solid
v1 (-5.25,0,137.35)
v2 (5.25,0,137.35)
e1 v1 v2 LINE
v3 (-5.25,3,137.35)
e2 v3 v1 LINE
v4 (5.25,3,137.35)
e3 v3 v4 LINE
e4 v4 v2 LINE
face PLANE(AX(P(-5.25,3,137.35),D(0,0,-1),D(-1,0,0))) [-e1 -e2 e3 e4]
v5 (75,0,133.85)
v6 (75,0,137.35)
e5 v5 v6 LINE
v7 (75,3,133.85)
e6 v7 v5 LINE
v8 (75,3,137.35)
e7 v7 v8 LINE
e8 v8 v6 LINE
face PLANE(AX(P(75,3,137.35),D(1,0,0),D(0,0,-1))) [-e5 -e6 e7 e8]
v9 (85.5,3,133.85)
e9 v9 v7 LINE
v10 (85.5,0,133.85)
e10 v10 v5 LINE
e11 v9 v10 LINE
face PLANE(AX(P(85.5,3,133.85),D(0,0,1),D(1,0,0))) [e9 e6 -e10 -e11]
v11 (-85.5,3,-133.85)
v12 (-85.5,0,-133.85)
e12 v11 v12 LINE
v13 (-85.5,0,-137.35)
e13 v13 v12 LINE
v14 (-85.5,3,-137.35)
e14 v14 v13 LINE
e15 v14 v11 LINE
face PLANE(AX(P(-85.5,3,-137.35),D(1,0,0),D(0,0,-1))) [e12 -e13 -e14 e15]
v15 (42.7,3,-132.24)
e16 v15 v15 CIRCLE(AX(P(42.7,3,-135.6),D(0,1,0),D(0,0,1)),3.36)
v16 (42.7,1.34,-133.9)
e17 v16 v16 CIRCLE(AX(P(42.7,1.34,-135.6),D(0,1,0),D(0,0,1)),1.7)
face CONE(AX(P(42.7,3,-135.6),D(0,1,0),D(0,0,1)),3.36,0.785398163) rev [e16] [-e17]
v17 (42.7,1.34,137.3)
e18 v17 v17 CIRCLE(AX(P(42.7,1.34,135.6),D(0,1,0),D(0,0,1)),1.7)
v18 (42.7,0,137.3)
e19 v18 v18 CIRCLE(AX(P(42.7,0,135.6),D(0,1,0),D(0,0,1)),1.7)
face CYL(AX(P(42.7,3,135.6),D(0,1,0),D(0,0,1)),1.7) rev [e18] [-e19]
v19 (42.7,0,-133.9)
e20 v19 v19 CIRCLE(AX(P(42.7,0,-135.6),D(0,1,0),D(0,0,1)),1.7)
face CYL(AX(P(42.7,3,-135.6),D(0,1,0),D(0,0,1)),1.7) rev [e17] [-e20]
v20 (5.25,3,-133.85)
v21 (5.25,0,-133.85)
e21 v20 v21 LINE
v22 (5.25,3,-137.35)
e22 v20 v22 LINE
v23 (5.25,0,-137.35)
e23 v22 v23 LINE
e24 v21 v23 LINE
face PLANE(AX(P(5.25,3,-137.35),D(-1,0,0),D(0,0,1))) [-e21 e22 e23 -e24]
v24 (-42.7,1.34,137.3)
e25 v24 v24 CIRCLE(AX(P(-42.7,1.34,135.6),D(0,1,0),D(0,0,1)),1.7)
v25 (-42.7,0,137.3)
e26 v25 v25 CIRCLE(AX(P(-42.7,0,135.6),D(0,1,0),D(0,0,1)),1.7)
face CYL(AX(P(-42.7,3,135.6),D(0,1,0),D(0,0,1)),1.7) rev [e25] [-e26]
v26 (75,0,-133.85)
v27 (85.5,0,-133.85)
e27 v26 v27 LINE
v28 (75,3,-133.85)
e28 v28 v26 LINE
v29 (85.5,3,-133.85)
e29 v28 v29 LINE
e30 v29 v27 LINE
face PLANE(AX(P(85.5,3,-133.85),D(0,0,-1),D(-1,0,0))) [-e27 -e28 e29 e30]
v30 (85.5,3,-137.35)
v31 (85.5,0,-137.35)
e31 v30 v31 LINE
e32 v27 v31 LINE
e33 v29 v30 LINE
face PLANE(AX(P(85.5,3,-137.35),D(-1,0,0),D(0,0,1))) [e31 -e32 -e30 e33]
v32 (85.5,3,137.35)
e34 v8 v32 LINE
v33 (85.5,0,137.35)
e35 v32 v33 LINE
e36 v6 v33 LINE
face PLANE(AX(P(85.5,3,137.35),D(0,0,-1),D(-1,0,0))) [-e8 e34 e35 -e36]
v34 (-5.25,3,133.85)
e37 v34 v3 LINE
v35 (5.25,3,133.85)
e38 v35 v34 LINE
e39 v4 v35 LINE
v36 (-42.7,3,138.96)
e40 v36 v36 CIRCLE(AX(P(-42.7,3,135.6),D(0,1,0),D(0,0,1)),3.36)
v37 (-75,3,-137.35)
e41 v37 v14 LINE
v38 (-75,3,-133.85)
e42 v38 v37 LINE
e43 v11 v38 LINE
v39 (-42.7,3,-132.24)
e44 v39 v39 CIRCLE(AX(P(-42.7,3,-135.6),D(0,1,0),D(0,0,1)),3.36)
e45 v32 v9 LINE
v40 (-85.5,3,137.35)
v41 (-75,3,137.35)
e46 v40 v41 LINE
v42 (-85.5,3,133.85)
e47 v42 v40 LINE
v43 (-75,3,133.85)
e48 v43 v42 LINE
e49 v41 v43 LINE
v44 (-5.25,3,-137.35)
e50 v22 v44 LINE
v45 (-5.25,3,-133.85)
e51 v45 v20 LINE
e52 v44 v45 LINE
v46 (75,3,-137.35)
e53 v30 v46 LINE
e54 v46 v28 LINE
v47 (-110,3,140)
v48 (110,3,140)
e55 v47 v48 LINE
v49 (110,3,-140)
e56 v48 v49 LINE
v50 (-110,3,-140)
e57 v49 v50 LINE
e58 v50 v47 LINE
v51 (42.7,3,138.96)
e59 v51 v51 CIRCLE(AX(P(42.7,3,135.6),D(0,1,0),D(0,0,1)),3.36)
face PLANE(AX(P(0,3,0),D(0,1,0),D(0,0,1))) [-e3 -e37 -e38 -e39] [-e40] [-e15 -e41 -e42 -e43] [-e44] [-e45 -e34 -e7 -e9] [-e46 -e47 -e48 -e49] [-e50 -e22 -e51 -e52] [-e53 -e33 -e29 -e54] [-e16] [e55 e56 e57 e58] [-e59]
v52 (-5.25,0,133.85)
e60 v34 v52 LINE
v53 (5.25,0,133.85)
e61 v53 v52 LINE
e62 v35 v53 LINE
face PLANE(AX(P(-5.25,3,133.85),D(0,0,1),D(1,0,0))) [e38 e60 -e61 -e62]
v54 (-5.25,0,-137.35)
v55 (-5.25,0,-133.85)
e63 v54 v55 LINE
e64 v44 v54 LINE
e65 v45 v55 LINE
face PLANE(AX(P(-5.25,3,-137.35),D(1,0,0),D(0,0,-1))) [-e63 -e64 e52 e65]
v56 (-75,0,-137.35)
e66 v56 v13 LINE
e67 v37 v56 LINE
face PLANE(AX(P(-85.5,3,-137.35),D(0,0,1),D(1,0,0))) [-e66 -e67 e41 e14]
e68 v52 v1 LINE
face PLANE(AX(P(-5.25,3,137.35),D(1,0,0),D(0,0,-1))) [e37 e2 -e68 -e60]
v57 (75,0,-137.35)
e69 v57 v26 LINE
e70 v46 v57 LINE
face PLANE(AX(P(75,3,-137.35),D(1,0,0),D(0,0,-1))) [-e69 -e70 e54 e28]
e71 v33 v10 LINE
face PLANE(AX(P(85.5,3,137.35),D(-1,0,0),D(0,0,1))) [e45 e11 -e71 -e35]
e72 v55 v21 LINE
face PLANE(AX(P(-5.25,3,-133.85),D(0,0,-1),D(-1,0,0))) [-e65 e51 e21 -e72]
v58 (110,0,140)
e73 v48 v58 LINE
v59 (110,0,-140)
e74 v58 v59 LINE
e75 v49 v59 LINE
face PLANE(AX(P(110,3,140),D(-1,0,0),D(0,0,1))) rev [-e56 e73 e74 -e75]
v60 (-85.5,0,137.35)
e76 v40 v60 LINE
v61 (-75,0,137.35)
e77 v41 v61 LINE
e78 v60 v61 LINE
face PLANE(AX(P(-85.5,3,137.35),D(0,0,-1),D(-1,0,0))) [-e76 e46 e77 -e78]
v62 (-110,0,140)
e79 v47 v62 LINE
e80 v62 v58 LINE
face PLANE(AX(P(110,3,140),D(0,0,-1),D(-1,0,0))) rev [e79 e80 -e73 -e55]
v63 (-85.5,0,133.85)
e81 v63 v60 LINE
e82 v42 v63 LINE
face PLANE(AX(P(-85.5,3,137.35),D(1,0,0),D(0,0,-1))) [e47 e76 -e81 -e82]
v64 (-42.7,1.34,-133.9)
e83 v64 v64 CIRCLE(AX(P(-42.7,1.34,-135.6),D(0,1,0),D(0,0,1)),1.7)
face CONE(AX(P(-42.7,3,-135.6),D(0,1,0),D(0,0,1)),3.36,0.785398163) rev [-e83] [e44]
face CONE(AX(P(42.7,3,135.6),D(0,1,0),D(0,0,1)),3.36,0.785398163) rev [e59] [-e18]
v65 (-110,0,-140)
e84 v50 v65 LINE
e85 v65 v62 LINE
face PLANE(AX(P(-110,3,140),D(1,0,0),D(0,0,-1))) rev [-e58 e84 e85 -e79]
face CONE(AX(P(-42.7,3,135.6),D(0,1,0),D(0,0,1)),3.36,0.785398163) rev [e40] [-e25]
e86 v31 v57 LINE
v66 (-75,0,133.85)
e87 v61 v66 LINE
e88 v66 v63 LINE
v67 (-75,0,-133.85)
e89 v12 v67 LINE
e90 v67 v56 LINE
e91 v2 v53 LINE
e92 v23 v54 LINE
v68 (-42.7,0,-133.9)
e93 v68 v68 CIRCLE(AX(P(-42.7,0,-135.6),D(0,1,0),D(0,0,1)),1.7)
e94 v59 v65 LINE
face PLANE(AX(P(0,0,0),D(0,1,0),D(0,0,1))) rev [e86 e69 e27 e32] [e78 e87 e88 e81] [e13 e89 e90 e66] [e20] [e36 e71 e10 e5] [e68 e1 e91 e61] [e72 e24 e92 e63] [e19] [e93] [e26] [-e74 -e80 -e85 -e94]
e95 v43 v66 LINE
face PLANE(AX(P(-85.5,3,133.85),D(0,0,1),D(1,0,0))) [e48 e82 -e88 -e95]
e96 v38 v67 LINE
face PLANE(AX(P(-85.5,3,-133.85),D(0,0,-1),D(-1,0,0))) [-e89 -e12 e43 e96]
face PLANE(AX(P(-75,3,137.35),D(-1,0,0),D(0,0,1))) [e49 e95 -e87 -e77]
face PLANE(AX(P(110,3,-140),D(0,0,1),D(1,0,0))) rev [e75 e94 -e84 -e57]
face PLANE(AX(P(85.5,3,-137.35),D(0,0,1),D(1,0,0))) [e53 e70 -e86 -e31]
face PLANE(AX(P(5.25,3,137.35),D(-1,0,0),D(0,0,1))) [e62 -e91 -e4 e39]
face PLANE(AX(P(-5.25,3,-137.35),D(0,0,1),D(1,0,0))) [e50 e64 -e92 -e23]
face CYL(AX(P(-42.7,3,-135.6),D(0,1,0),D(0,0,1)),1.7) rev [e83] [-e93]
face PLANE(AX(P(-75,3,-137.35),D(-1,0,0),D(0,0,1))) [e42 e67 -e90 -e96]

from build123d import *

# Parameters (mm, degrees)
CROQUIS1_W                                   = 220
CROQUIS1_H                                   = 280
CROQUIS1_R                                   = 1
CROQUIS1_W_2                                 = 10.5
CROQUIS1_H_2                                 = 3.5
SALIENTE_EXTRUIR1_DEPTH                      = 3
REFRENTADO_PARA_TORNILLO_TAP_N_CON_C_2_COUNT = 2
REFRENTADO_PARA_TORNILLO_TAP_N_CON_C_2_PITCH = 85.4
REFRENTADO_PARA_TORNILLO_TAP_N_CON_C_3_COUNT = 2
REFRENTADO_PARA_TORNILLO_TAP_N_CON_C_3_PITCH = 271.2
REFRENTADO_PARA_TORNILLO_TAP_N_CON_C_4_COUNT = 2
REFRENTADO_PARA_TORNILLO_TAP_N_CON_C_4_PITCH = 284.328331335


with BuildPart() as part:
    # Croquis1 → Saliente-Extruir1 (new body)
    with BuildSketch(Plane(origin=(0, 0, 0), x_dir=(1, 0, 0), z_dir=(0, 1, 0))):
        Rectangle(CROQUIS1_W, CROQUIS1_H)
        with Locations(Location((-42.7, -135.6, 0), (0, 0, 270))):
            Circle(CROQUIS1_R, mode=Mode.SUBTRACT)
        with Locations(Location((42.7, -135.6, 0), (0, 0, 90))):
            Circle(CROQUIS1_R, mode=Mode.SUBTRACT)
        with Locations(Location((42.7, 135.6, 0), (0, 0, 270))):
            Circle(CROQUIS1_R, mode=Mode.SUBTRACT)
        with Locations(Location((-42.7, 135.6, 0), (0, 0, 90))):
            Circle(CROQUIS1_R, mode=Mode.SUBTRACT)
        with Locations((-80.25, -135.6)):
            Rectangle(CROQUIS1_W_2, CROQUIS1_H_2, mode=Mode.SUBTRACT)
        with Locations((0, -135.6)):
            Rectangle(CROQUIS1_W_2, CROQUIS1_H_2, mode=Mode.SUBTRACT)
        with Locations((80.25, -135.6)):
            Rectangle(CROQUIS1_W_2, CROQUIS1_H_2, mode=Mode.SUBTRACT)
        with Locations((0, 135.6)):
            Rectangle(CROQUIS1_W_2, CROQUIS1_H_2, mode=Mode.SUBTRACT)
        with Locations((80.25, 135.6)):
            Rectangle(CROQUIS1_W_2, CROQUIS1_H_2, mode=Mode.SUBTRACT)
        with Locations((-80.25, 135.6)):
            Rectangle(CROQUIS1_W_2, CROQUIS1_H_2, mode=Mode.SUBTRACT)
    extrude(amount=SALIENTE_EXTRUIR1_DEPTH)

    # Croquis2 → Refrentado para tornillo tapón con cabeza plana de clavija de M31 (revolve, cut)
    with BuildSketch(Plane(origin=(-42.7, 3, 135.6), x_dir=(0, 0, 1), z_dir=(1, 0, 0))):
        Polygon((0, 0), (0, 3), (1.7, 3), (1.7, 1.66), (3.36, 0), align=None)
    refrentado_para_tornillo_tap_n_con_cabez = revolve(axis=Axis((-42.7, 9.35, 135.6), (0, -1, 0)), mode=Mode.SUBTRACT)

    # Refrentado para tornillo tap_n con c 2: Refrentado para tornillo tapón con cabeza plana de clavija de M31 ×2
    with Locations(*[(i * REFRENTADO_PARA_TORNILLO_TAP_N_CON_C_2_PITCH, 0, 0) for i in range(1, REFRENTADO_PARA_TORNILLO_TAP_N_CON_C_2_COUNT)]):
        add(refrentado_para_tornillo_tap_n_con_cabez, mode=Mode.SUBTRACT)

    # Refrentado para tornillo tap_n con c 3: Refrentado para tornillo tapón con cabeza plana de clavija de M31 ×2
    with Locations(*[(0, 0, -i * REFRENTADO_PARA_TORNILLO_TAP_N_CON_C_3_PITCH) for i in range(1, REFRENTADO_PARA_TORNILLO_TAP_N_CON_C_3_COUNT)]):
        add(refrentado_para_tornillo_tap_n_con_cabez, mode=Mode.SUBTRACT)

    # Refrentado para tornillo tap_n con c 4: Refrentado para tornillo tapón con cabeza plana de clavija de M31 ×2
    with Locations(*[Vector(0.3003569837690427, 0, -0.9538268618052037) * (i * REFRENTADO_PARA_TORNILLO_TAP_N_CON_C_4_PITCH) for i in range(1, REFRENTADO_PARA_TORNILLO_TAP_N_CON_C_4_COUNT)]):
        add(refrentado_para_tornillo_tap_n_con_cabez, mode=Mode.SUBTRACT)


solid = part.part
